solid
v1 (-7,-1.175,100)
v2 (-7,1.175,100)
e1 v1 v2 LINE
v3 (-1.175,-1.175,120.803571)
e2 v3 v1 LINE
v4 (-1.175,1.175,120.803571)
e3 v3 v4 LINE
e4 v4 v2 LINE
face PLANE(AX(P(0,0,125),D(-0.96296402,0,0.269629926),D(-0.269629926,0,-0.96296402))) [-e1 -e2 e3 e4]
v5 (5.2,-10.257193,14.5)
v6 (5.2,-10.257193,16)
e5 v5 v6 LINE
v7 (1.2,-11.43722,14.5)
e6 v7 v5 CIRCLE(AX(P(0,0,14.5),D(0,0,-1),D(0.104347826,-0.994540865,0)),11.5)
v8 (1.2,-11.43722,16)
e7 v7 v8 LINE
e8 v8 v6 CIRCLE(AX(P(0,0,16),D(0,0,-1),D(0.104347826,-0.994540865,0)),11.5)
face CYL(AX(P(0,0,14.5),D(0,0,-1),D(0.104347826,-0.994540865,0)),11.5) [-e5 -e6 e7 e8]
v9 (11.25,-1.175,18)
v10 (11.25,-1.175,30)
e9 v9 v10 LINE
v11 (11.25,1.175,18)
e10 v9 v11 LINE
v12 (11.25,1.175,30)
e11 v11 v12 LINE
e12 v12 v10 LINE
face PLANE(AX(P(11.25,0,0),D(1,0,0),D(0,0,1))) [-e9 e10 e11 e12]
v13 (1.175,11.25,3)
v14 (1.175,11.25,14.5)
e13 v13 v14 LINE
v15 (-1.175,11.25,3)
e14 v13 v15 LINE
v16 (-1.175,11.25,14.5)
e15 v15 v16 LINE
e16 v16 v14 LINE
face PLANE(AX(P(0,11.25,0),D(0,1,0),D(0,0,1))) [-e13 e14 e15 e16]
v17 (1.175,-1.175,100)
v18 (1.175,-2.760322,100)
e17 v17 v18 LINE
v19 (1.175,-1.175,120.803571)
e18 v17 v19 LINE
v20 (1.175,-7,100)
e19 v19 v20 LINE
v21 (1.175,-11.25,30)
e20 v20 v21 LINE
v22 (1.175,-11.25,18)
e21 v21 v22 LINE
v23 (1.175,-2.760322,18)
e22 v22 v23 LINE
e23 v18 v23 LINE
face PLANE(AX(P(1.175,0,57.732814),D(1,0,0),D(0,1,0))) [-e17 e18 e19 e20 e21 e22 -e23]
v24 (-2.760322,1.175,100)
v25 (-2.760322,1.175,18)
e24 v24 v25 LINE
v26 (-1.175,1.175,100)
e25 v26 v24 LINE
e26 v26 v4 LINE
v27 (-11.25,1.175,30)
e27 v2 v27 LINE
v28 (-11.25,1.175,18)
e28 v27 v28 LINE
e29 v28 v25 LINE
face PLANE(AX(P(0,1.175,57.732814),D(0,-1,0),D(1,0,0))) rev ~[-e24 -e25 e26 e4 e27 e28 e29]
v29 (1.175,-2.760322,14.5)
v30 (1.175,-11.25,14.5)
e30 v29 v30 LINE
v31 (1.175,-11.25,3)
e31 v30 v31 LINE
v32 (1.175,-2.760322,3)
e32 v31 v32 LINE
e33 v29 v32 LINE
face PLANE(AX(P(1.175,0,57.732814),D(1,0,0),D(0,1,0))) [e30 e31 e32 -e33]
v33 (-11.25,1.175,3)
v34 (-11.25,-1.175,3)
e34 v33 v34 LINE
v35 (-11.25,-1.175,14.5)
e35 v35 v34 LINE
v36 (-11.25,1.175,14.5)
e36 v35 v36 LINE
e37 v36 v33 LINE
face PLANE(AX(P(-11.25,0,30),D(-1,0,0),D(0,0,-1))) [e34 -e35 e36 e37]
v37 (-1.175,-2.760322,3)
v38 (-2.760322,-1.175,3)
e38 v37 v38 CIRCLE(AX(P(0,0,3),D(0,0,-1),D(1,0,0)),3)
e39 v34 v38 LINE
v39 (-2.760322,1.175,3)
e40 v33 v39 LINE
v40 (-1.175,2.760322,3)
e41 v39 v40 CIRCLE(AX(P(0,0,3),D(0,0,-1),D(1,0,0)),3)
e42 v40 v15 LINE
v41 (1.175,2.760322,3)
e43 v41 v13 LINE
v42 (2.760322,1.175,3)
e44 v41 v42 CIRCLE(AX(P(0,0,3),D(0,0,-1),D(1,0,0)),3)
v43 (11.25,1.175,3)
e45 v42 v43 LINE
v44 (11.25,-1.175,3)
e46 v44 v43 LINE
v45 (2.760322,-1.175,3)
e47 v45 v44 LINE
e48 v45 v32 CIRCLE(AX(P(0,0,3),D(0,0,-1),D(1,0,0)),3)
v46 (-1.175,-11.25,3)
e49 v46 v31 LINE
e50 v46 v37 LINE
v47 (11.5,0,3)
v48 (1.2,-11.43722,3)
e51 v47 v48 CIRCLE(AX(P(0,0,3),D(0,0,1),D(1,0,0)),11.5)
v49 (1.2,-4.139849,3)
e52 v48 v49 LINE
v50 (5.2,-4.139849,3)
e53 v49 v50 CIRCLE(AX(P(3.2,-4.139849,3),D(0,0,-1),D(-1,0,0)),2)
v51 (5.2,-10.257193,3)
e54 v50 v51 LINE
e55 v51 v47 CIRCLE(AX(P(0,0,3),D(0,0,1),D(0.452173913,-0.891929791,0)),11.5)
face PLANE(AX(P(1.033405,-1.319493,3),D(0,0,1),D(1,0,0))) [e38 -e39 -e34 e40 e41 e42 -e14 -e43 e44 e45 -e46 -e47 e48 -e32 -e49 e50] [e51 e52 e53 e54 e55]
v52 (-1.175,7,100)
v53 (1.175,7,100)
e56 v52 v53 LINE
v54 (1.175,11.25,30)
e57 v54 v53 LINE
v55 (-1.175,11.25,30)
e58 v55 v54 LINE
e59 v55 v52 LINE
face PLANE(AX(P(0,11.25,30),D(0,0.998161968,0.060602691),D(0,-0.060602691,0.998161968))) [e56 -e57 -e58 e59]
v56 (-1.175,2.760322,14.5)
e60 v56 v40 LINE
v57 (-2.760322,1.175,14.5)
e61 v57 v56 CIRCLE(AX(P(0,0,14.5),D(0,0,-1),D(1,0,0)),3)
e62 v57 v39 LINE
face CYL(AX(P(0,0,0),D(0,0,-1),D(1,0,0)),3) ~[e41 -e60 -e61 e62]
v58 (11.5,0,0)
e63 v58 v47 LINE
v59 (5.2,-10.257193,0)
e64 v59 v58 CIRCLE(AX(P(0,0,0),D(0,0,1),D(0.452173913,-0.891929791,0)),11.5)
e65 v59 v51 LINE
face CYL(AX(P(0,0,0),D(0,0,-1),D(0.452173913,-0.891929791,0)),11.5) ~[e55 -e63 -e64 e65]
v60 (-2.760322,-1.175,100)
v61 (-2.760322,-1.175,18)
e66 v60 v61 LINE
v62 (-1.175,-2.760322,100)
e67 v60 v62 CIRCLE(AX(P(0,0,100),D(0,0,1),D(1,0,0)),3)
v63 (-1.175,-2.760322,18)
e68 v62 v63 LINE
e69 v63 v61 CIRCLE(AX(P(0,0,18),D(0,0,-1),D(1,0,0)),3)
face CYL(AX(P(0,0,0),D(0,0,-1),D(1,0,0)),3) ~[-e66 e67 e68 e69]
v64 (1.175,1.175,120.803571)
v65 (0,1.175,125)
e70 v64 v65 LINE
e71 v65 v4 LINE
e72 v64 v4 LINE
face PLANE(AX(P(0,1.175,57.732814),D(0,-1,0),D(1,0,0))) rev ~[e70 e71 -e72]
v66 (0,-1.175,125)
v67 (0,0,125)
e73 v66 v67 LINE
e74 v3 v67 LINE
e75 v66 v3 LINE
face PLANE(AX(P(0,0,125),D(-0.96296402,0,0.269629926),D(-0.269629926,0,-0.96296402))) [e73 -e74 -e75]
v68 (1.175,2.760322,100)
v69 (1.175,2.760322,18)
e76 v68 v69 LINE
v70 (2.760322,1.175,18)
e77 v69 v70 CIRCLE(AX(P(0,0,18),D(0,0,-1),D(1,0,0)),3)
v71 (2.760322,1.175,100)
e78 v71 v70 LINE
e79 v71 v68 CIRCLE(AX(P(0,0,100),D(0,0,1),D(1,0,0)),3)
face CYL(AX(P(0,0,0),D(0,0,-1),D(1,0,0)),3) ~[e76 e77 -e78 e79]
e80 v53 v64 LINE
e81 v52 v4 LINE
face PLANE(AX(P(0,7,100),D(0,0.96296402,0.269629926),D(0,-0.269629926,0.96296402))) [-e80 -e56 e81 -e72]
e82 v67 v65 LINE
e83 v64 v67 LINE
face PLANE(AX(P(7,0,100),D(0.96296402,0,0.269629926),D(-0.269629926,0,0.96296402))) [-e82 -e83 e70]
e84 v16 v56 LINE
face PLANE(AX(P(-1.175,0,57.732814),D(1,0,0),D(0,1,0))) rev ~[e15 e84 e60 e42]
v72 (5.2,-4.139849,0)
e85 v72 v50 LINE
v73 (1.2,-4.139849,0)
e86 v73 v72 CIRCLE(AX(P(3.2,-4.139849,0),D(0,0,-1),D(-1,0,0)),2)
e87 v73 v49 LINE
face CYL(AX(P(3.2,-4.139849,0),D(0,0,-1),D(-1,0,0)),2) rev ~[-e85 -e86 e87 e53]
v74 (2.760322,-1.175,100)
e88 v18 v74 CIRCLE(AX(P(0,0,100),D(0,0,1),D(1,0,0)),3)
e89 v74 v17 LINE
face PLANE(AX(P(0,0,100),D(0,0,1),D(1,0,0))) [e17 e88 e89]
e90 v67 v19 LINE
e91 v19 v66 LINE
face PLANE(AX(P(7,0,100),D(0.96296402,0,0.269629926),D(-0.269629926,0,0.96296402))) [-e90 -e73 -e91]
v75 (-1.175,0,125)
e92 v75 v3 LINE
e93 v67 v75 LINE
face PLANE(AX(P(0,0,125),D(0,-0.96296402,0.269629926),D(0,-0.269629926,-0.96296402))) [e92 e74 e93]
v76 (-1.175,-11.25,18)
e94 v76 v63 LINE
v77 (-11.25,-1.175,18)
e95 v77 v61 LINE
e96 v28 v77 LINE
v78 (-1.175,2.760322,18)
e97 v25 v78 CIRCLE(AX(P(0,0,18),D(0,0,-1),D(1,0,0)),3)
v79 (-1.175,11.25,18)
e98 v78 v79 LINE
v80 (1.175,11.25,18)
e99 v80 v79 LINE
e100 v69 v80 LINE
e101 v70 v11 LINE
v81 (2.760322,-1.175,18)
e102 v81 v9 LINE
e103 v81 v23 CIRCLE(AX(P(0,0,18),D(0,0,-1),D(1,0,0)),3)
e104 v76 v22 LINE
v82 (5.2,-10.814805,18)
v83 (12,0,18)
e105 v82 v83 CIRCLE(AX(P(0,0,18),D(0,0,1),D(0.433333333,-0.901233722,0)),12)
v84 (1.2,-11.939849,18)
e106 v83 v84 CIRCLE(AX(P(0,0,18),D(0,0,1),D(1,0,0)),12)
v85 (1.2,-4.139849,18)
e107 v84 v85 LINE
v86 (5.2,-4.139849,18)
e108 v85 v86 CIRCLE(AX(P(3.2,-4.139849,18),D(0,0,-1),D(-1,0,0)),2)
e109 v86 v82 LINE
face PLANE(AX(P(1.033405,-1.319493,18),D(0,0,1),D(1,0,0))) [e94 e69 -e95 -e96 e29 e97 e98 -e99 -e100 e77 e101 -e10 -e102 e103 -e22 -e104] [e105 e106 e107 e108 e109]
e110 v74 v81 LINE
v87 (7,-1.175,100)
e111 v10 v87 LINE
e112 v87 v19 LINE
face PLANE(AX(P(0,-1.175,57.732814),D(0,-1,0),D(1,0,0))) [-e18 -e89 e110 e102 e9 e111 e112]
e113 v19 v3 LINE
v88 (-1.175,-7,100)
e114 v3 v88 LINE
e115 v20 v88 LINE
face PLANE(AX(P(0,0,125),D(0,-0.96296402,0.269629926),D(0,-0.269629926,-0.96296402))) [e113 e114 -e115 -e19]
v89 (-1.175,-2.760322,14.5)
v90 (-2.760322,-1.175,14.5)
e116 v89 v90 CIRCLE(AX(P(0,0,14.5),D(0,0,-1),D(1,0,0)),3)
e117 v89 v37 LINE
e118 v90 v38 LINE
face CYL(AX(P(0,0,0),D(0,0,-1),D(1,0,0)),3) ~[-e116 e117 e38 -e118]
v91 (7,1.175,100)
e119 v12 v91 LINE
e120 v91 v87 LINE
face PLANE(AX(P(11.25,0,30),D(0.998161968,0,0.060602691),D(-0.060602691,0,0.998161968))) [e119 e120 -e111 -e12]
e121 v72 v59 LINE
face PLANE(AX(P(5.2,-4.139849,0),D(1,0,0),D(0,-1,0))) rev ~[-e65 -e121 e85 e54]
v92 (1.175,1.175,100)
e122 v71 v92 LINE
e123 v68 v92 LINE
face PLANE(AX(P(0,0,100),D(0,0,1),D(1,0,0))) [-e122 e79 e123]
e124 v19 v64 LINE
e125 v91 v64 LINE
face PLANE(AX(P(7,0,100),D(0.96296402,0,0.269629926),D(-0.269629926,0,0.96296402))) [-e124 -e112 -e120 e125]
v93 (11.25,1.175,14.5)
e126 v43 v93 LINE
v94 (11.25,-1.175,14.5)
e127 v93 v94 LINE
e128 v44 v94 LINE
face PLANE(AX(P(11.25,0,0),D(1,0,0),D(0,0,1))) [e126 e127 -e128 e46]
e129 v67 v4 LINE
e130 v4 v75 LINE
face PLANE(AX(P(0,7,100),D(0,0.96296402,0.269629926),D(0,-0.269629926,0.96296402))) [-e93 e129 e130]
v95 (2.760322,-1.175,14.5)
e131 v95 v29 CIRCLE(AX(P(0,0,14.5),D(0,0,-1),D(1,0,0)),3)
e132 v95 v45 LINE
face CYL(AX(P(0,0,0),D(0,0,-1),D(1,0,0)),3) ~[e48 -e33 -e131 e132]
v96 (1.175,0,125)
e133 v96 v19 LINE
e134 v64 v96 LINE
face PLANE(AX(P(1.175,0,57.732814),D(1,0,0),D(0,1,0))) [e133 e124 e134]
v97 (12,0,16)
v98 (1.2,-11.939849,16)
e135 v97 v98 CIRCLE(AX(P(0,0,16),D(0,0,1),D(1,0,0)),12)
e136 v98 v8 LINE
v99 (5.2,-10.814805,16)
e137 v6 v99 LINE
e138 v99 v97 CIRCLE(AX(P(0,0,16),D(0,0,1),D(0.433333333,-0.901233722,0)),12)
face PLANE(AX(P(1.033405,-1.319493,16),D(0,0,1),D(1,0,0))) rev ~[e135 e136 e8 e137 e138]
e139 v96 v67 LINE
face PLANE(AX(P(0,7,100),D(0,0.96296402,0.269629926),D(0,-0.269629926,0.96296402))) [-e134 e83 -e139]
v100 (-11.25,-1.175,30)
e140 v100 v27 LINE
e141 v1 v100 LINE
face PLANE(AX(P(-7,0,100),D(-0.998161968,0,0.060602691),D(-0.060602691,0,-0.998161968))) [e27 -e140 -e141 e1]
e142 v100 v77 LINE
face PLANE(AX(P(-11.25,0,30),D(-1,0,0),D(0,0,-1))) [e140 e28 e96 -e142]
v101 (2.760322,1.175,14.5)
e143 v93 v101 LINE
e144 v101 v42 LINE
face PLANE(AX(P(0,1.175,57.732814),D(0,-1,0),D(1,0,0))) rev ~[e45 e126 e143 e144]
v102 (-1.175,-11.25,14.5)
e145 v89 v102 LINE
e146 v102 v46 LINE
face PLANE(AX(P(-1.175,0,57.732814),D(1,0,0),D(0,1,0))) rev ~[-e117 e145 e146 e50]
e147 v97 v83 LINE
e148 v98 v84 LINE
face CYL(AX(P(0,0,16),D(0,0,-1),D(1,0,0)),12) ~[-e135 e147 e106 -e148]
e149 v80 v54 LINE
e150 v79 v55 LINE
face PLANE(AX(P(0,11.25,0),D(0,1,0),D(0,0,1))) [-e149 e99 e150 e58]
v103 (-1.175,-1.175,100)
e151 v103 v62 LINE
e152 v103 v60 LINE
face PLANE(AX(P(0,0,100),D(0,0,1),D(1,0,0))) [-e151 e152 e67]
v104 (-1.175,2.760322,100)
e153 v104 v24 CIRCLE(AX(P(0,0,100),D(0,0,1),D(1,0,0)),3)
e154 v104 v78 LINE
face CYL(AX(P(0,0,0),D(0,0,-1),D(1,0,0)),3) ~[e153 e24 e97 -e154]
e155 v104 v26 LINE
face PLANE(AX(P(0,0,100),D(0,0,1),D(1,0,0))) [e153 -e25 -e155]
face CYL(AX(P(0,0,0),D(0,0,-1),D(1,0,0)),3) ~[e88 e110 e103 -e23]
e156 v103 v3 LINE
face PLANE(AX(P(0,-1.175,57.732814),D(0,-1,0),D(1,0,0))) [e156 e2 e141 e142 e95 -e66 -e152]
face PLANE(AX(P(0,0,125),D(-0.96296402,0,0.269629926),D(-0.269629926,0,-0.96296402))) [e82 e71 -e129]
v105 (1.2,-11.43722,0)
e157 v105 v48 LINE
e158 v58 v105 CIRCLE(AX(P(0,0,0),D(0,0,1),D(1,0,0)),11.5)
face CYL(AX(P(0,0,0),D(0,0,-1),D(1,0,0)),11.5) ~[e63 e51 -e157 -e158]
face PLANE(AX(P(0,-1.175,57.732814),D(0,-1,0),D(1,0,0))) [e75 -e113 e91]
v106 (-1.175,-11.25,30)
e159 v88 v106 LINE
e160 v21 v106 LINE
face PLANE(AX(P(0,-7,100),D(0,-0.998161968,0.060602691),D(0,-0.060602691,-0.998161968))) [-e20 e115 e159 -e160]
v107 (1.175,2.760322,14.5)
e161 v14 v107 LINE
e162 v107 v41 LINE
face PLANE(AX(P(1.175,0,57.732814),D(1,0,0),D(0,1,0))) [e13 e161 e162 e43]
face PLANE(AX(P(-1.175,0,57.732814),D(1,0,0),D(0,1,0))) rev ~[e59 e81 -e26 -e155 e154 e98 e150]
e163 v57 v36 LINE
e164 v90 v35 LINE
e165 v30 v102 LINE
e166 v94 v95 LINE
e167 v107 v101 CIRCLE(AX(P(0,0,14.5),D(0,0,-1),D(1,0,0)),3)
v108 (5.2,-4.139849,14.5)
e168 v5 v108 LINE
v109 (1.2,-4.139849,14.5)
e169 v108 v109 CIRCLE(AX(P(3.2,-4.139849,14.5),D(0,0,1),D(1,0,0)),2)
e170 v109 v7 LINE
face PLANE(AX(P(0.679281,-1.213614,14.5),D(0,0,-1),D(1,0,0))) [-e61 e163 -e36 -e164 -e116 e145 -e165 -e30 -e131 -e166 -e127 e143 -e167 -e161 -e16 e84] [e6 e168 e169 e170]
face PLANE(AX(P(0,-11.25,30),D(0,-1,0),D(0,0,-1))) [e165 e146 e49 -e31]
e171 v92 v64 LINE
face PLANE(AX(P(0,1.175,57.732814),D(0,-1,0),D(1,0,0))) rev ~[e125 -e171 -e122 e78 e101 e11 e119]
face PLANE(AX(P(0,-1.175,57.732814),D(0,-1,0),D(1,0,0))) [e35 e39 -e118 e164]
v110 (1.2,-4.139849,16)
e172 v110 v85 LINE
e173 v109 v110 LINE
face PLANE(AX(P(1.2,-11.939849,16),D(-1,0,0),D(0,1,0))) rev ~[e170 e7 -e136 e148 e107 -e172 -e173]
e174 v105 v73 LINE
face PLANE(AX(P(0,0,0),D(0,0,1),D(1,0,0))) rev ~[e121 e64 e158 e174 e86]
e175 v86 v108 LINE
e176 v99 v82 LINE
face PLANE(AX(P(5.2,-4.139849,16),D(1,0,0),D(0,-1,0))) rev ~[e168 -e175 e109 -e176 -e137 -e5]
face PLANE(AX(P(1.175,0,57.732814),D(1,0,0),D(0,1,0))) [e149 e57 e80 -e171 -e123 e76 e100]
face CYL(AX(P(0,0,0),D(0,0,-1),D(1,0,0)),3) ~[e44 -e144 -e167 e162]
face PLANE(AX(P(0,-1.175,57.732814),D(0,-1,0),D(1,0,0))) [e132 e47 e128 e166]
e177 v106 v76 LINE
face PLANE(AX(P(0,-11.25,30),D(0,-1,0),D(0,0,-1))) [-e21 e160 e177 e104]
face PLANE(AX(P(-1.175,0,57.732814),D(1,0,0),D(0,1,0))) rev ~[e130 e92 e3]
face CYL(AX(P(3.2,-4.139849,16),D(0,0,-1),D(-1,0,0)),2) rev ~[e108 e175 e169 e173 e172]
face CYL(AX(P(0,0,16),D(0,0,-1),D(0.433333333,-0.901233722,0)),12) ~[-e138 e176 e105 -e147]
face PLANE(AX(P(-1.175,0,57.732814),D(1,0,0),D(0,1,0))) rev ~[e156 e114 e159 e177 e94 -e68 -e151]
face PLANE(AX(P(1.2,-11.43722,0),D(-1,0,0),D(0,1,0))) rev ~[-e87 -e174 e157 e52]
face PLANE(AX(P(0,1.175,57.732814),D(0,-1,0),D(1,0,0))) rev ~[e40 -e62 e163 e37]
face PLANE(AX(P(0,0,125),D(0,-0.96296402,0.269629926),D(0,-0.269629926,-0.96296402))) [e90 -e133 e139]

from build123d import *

# Parameters (mm, degrees)
F0_R     = 3
F1_DEPTH = 3
F2_START = -14.5
F2_DEPTH = 1.5
F3_START = 16
F3_DEPTH = 2
F6_DEPTH = 18.001
F7_DEPTH = 1.175
F8_DEPTH = 1.175
F9_DEPTH = 100


with BuildPart() as f1:
    # F0 (on Top) → F1 (new body)
    with BuildSketch(Plane.XY):
        with BuildLine():
            ThreePointArc((5.2, -10.2571925984), (9.799234664, -6.0187207943), (11.5, 0))
            ThreePointArc((11.5, 0), (-8.5454666344, 7.6957780633), (1.2, -11.4372199419))
            Line((1.2, -11.4372199419), (1.2, -4.1398492453))
            ThreePointArc((1.2, -4.1398492453), (3.2, -2.1398492453), (5.2, -4.1398492453))
            Line((5.2, -4.1398492453), (5.2, -10.2571925984))
        make_face()
        Circle(F0_R, mode=Mode.SUBTRACT)
        Circle(F0_R)
    extrude(amount=F1_DEPTH)

    # F0 (on Top) → F6 (cut, through all)
    with BuildSketch(Plane.XY):
        with BuildLine():
            Line((1.2, -4.1398492453), (1.2, -11.4372199419))
            ThreePointArc((1.2, -11.4372199419), (3.253938557, -11.0300445995), (5.2, -10.2571925984))
            Line((5.2, -10.2571925984), (5.2, -4.1398492453))
            ThreePointArc((5.2, -4.1398492453), (3.2, -2.1398492453), (1.2, -4.1398492453))
        make_face()
        with BuildLine():
            ThreePointArc((5.2, -10.2571925984), (3.253938557, -11.0300445995), (1.2, -11.4372199419))
            Line((1.2, -11.4372199419), (1.2, -11.9398492453))
            ThreePointArc((1.2, -11.9398492453), (3.2490662236, -11.5517777279), (5.2, -10.8148046677))
            Line((5.2, -10.8148046677), (5.2, -10.2571925984))
        make_face()
    extrude(amount=F6_DEPTH, mode=Mode.SUBTRACT)



with BuildPart() as f2:
    # F1_face (on face) → F2 (new body)
    with BuildSketch(Plane(origin=(-0.2778637097, 0.5964787123, 0), x_dir=(1, 0, 0), z_dir=(0, 0, -1)).offset(F2_START)):
        with BuildLine():
            ThreePointArc((1.4778637097, 12.0336986542), (-2.9760748473, -10.4335658873), (5.4778637097, 10.8536713106))
            Line((5.4778637097, 10.8536713106), (5.4778637097, 4.7363279575))
            ThreePointArc((5.4778637097, 4.7363279575), (3.4778637097, 2.7363279575), (1.4778637097, 4.7363279575))
            Line((1.4778637097, 4.7363279575), (1.4778637097, 12.0336986542))
        make_face()
    extrude(amount=-F2_DEPTH)


with BuildPart() as f3:
    # F0 (on Top) → F3 (new body)
    with BuildSketch(Plane.XY.offset(F3_START)):
        with BuildLine():
            ThreePointArc((5.2, -10.2571925984), (9.799234664, -6.0187207943), (11.5, 0))
            ThreePointArc((11.5, 0), (-8.5454666344, 7.6957780633), (1.2, -11.4372199419))
            Line((1.2, -11.4372199419), (1.2, -4.1398492453))
            ThreePointArc((1.2, -4.1398492453), (3.2, -2.1398492453), (5.2, -4.1398492453))
            Line((5.2, -4.1398492453), (5.2, -10.2571925984))
        make_face()
        Circle(F0_R, mode=Mode.SUBTRACT)
        with BuildLine():
            ThreePointArc((1.2, -11.4372199419), (-8.5454666344, 7.6957780633), (11.5, 0))
            ThreePointArc((11.5, 0), (9.799234664, -6.0187207943), (5.2, -10.2571925984))
            Line((5.2, -10.2571925984), (5.2, -10.8148046677))
            ThreePointArc((5.2, -10.8148046677), (10.1587400794, -6.3874877691), (12, 0))
            ThreePointArc((12, 0), (-8.8994381845, 8.049844719), (1.2, -11.9398492453))
            Line((1.2, -11.9398492453), (1.2, -11.4372199419))
        make_face()
        Circle(F0_R)
    extrude(amount=F3_DEPTH)


with BuildPart() as f7:
    # F4 (on Front) → F7 (new body, symmetric)
    with BuildSketch(Plane.XZ):
        Polygon((-11.25, 30), (-11.25, 0), (0, 0), (11.25, 0), (11.25, 30), (7, 100), (0, 125), (-7, 100), align=None)
    extrude(amount=F7_DEPTH, both=True)


with BuildPart() as f8:
    # F5 (on Right) → F8 (new body, symmetric)
    with BuildSketch(Plane.YZ):
        Polygon((-11.25, 30), (-11.25, 0), (0, 0), (11.25, 0), (11.25, 30), (7, 100), (0, 125), (-7, 100), align=None)
    extrude(amount=F8_DEPTH, both=True)


with BuildPart() as f1_1:
    add(f1.part)

    add(f2.part)  # F9 merges F2

    add(f3.part)  # F9 merges F3

    add(f7.part)  # F9 merges F7

    add(f8.part)  # F9 merges F8
    # F0 (on Top) → F9 (join)
    with BuildSketch(Plane.XY):
        Circle(F0_R)
    extrude(amount=F9_DEPTH)


solid = f1_1.part
